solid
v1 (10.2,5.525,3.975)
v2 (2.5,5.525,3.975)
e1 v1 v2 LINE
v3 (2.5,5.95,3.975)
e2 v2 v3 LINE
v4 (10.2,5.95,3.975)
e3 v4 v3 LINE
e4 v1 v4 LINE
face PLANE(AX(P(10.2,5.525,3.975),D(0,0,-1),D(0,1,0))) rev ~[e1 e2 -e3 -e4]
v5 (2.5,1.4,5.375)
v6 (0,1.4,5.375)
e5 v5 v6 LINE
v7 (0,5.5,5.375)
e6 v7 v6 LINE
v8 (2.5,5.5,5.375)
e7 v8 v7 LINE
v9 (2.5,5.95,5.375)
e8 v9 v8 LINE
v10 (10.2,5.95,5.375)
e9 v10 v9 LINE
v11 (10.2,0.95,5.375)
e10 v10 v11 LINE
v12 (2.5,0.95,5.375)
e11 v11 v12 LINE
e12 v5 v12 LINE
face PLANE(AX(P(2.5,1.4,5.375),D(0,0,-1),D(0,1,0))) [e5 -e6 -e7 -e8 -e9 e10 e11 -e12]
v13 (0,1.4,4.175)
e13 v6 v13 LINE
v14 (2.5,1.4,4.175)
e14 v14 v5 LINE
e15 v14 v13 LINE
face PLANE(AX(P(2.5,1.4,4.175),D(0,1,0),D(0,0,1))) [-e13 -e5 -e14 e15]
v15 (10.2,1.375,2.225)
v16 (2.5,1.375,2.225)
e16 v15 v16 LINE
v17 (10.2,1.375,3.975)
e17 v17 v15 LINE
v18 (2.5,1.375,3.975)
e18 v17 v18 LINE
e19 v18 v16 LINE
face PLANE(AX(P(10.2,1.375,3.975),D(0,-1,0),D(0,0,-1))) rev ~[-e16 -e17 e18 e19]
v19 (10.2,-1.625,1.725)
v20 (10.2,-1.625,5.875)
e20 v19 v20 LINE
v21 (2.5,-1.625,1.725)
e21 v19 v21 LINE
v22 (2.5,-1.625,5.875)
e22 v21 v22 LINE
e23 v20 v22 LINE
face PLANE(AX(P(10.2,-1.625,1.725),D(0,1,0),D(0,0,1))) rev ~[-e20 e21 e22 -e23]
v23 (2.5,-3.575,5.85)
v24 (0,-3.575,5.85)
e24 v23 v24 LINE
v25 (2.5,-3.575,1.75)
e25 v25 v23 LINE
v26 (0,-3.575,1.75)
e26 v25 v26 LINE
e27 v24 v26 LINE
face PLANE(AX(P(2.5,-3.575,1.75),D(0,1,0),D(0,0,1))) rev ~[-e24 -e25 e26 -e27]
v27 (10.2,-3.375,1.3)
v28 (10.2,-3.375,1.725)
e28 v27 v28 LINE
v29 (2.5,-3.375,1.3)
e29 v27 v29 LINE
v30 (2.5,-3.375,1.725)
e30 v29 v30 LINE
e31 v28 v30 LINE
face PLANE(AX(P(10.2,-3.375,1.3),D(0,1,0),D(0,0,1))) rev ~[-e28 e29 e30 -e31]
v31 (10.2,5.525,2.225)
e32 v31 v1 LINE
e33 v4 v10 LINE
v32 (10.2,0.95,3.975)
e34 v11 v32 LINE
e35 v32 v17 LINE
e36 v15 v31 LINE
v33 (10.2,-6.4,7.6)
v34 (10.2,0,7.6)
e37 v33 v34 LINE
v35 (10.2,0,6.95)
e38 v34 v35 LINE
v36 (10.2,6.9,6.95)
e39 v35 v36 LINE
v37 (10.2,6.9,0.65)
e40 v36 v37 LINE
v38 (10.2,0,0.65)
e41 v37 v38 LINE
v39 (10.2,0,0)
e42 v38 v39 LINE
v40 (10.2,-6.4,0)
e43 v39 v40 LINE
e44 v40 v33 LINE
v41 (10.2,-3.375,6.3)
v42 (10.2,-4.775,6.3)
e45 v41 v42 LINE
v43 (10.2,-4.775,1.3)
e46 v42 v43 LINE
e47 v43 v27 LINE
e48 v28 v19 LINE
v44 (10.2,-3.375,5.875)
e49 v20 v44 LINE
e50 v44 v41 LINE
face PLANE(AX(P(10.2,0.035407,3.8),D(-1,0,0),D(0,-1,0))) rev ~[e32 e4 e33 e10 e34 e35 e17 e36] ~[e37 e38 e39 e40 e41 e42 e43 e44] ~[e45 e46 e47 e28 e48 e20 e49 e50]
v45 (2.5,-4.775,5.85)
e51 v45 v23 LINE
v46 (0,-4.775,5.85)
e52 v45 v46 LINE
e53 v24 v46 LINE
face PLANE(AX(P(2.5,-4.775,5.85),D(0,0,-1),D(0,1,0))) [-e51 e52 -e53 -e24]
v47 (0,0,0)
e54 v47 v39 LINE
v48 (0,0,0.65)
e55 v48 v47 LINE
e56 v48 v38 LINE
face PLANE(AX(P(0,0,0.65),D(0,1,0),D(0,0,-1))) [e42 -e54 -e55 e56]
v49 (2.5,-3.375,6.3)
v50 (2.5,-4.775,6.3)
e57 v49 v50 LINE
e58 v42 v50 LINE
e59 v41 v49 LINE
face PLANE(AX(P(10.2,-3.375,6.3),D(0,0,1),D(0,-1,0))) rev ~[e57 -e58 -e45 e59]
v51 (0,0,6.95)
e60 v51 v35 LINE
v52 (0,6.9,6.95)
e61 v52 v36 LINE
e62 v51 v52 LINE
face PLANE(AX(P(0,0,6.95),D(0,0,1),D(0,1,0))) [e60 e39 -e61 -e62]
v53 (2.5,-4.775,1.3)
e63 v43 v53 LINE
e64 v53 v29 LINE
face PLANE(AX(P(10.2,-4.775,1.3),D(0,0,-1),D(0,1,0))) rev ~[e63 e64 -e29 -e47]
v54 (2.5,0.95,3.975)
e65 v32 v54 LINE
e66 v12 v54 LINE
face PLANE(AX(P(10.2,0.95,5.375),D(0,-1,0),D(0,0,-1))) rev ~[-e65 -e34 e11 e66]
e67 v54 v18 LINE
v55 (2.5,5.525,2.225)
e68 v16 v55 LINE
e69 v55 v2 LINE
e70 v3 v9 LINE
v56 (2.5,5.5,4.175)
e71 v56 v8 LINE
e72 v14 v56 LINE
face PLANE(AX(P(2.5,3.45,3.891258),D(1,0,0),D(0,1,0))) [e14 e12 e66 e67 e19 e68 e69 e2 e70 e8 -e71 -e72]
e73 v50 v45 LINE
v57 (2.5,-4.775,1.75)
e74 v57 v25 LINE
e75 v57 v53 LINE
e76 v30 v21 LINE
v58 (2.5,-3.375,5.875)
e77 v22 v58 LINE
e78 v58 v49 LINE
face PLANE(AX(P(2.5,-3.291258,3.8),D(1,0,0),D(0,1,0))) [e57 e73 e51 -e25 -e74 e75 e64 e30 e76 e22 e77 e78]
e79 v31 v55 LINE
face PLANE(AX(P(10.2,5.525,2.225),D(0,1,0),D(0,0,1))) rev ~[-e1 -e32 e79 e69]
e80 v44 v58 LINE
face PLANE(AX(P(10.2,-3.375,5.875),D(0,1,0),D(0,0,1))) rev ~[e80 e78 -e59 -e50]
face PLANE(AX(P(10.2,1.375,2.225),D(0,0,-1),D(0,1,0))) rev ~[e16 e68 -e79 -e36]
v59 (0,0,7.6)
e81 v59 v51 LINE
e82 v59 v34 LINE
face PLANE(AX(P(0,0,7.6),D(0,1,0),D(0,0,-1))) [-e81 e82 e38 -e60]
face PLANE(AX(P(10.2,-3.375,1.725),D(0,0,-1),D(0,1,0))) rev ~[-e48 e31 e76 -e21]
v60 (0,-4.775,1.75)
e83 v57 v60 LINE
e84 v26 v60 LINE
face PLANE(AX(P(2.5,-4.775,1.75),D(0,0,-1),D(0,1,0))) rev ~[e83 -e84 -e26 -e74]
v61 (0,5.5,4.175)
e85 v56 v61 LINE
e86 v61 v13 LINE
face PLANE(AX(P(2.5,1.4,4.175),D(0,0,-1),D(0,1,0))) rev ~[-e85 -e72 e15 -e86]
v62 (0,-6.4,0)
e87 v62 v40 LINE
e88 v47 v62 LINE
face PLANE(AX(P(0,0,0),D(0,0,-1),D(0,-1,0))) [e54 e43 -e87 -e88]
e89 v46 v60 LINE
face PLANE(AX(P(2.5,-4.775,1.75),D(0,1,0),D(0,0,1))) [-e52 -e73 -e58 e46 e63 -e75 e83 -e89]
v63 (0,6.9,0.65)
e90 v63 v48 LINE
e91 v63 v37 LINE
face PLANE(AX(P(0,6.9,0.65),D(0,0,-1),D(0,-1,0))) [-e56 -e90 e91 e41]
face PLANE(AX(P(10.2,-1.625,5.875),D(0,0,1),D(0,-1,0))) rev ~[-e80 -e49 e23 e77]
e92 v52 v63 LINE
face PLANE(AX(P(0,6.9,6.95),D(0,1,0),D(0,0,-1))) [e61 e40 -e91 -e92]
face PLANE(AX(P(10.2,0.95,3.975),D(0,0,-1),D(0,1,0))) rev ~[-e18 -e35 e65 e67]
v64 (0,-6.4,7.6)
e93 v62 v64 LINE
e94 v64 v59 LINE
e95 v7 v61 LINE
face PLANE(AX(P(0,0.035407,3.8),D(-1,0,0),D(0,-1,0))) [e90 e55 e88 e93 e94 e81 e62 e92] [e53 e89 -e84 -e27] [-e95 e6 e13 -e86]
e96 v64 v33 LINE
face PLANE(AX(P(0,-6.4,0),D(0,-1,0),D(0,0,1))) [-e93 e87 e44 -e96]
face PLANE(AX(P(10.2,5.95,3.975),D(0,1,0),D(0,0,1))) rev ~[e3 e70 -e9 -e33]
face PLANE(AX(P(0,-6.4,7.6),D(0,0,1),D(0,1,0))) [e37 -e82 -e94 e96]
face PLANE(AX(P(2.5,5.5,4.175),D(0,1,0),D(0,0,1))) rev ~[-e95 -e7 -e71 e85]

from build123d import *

# Parameters (mm, degrees)
PAD036_DEPTH    = 10.2
POCKET052_DEPTH = 7.7
SKETCH101_W     = 1.2
SKETCH101_H     = 4.1
SKETCH101_W_2   = 4.1
SKETCH101_H_2   = 1.2
POCKET053_DEPTH = 4


with BuildPart() as part:
    # Sketch099 → Pad036 (new body)
    with BuildSketch(Plane.YZ):
        Polygon((-6.4, 7.6), (0, 7.6), (0, 6.95), (6.9, 6.95), (6.9, 0.65), (0, 0.65), (0, 0), (-6.4, 0), align=None)
    extrude(amount=PAD036_DEPTH)

    # Sketch100 (on Face10 of Pad036) → Pocket052 (cut)
    with BuildSketch(Plane.YZ.offset(10.2)):
        Polygon((-3.375, 1.725), (-1.625, 1.725), (-1.625, 5.875), (-3.375, 5.875), (-3.375, 6.3), (-4.775, 6.3), (-4.775, 1.3), (-3.375, 1.3), align=None)
        Polygon((0.95, 5.375), (0.95, 3.975), (1.375, 3.975), (1.375, 2.225), (5.525, 2.225), (5.525, 3.975), (5.95, 3.975), (5.95, 5.375), align=None)
    extrude(amount=-POCKET052_DEPTH, mode=Mode.SUBTRACT)

    # Sketch101 (on Face28 of Pocket052) → Pocket053 (cut)
    with BuildSketch(Plane.YZ.offset(2.5)):
        with Locations((-4.175, 3.8)):
            Rectangle(SKETCH101_W, SKETCH101_H)
        with Locations((3.45, 4.775)):
            Rectangle(SKETCH101_W_2, SKETCH101_H_2)
    extrude(amount=-POCKET053_DEPTH, mode=Mode.SUBTRACT)


solid = part.part
